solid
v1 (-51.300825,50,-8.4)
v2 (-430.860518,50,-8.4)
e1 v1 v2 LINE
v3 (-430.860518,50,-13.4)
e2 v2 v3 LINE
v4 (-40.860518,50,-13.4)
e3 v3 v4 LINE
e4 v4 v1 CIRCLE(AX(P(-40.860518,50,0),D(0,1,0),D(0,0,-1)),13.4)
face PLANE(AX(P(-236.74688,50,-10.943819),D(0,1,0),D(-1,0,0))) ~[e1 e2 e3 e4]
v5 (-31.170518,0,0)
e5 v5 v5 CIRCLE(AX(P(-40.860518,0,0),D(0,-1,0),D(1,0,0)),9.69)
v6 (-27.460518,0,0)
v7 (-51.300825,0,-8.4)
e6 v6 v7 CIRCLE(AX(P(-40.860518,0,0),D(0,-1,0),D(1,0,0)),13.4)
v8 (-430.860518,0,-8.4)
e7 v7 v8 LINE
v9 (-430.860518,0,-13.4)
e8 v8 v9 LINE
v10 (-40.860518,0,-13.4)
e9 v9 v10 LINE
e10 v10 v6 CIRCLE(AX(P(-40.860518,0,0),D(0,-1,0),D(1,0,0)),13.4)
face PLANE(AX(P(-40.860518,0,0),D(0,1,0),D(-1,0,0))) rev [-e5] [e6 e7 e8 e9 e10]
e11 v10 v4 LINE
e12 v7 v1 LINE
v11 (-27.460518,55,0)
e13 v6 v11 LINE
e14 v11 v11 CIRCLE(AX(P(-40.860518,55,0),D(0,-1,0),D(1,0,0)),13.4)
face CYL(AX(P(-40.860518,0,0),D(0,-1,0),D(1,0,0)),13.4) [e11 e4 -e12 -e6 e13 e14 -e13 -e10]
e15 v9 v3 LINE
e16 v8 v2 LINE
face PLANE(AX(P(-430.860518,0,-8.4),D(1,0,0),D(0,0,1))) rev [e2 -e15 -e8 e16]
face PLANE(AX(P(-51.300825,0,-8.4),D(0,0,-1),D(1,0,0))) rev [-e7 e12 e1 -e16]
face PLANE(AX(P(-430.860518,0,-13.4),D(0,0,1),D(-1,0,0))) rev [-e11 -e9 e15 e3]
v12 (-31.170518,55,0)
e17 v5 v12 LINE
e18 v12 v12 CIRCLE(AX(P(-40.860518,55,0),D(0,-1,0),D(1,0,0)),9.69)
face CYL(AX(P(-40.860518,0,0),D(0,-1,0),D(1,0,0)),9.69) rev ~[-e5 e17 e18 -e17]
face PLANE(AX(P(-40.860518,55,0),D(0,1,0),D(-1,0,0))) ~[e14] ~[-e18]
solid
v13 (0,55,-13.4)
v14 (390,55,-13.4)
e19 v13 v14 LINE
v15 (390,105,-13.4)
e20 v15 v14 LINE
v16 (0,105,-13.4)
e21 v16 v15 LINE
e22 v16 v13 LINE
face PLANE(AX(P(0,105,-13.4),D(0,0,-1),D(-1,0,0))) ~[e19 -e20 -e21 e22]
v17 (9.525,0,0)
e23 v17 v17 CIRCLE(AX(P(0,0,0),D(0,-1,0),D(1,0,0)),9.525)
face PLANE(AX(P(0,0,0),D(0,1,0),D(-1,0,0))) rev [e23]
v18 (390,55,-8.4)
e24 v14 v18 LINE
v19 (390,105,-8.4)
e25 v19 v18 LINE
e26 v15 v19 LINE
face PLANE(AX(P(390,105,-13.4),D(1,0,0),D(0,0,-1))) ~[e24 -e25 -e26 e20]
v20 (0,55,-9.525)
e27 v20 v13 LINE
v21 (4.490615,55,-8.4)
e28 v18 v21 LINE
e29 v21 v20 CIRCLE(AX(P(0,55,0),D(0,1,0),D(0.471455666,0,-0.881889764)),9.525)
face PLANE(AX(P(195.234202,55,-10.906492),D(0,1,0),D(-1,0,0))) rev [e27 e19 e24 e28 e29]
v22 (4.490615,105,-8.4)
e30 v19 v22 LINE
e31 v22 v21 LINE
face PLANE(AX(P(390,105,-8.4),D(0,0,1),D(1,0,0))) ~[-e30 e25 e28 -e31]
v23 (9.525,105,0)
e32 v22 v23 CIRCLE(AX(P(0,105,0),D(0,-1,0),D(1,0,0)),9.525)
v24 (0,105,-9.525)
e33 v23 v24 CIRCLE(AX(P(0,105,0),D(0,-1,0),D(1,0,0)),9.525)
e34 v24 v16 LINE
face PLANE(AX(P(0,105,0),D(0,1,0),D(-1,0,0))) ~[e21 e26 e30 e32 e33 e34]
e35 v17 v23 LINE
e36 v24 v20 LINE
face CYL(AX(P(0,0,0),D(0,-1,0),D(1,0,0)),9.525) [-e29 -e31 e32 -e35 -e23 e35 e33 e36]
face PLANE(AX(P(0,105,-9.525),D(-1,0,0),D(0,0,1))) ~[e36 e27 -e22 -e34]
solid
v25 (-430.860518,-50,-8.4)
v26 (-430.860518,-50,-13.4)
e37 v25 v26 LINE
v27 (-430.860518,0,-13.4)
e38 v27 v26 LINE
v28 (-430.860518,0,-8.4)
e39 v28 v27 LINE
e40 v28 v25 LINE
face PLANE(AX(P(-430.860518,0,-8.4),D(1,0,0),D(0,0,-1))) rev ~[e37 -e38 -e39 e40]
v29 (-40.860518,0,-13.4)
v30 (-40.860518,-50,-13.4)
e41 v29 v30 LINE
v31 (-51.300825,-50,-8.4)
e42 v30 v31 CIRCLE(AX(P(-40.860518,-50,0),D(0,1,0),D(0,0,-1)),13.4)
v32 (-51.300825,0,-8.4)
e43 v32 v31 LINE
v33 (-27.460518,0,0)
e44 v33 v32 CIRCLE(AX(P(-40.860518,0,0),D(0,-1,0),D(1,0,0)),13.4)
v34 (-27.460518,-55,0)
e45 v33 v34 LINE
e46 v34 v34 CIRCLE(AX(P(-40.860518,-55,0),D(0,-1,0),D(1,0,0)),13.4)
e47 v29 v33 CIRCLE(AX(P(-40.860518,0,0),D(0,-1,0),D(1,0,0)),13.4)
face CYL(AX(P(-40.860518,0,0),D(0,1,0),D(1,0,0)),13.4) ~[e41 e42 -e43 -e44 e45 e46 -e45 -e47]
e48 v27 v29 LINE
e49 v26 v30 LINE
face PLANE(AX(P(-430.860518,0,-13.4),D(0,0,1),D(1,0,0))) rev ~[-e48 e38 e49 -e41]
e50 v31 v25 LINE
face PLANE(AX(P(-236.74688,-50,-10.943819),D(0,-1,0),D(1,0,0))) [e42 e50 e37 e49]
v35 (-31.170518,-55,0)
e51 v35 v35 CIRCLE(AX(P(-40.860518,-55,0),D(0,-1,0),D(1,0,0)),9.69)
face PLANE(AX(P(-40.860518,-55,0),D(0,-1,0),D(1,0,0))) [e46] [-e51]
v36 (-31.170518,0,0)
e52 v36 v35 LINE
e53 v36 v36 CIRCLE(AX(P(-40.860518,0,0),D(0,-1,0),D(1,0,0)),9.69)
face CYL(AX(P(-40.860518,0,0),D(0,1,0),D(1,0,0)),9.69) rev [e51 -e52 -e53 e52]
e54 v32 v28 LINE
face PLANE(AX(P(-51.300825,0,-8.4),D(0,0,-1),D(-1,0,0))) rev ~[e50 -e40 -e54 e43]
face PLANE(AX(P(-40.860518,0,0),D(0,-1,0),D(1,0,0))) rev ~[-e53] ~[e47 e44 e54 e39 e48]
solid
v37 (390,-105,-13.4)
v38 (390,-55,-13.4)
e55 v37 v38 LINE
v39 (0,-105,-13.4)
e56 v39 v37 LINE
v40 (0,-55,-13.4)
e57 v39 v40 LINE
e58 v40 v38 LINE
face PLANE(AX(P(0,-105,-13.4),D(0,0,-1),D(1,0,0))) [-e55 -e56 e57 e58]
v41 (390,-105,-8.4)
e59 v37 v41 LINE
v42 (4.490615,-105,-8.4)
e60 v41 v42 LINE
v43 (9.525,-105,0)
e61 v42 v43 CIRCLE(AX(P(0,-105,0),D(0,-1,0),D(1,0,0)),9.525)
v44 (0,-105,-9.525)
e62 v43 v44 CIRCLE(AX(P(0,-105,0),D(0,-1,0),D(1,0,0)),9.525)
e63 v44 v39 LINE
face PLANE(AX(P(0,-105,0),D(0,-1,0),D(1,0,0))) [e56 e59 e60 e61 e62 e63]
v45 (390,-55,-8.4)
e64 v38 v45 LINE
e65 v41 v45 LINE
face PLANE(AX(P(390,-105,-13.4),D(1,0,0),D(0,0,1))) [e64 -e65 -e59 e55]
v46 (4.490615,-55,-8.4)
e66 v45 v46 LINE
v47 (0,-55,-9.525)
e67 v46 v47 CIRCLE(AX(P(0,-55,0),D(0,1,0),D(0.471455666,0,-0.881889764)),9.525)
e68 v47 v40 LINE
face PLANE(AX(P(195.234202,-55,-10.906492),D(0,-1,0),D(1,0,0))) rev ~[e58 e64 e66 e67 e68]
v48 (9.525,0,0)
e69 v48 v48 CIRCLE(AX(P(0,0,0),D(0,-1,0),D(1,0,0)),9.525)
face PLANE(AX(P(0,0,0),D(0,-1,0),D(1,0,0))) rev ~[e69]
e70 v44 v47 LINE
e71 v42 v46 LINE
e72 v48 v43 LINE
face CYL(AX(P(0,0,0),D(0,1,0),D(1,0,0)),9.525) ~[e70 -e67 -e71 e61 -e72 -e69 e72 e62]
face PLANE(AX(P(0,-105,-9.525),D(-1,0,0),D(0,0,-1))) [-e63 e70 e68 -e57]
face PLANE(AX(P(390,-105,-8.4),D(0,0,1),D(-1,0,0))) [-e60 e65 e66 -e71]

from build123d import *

# Parameters (mm, degrees)
F0_R     = 9.525
F1_DEPTH = 105
F2_R     = 13.4
F2_R_2   = 9.69
F3_DEPTH = 55
F5_DEPTH = 50
F8_DEPTH = 50


with BuildPart() as f1:
    # F0 (on Front) → F1 (new body)
    with BuildSketch(Plane.XZ):
        Circle(F0_R)
    extrude(amount=F1_DEPTH)

    # F6 (on face) → F8 (join)
    with BuildSketch(Plane.XZ.offset(105)):
        with BuildLine():
            ThreePointArc((4.490615214, -8.4), (2.3146949043, -9.2394703582), (0, -9.525))
            Line((0, -9.525), (0, -13.4))
            Line((0, -13.4), (390, -13.4))
            Line((390, -13.4), (390, -8.4))
            Line((390, -8.4), (4.490615214, -8.4))
        make_face()
    extrude(amount=-F8_DEPTH)


with BuildPart() as f3:
    # F2 (on Front) → F3 (new body)
    with BuildSketch(Plane.XZ):
        with Locations((-40.8605183367, 0)):
            Circle(F2_R)
        with Locations((-40.8605183367, 0)):
            Circle(F2_R_2, mode=Mode.SUBTRACT)
    extrude(amount=F3_DEPTH)

    # F4 (on Front) → F5 (join)
    with BuildSketch(Plane.XZ):
        with BuildLine():
            ThreePointArc((-40.8605183367, -13.4), (-46.6484367881, -12.0855285362), (-51.3008248456, -8.4))
            Line((-51.3008248456, -8.4), (-430.8605183367, -8.4))
            Line((-430.8605183367, -8.4), (-430.8605183367, -13.4))
            Line((-430.8605183367, -13.4), (-40.8605183367, -13.4))
        make_face()
    extrude(amount=F5_DEPTH)


with BuildPart() as f7_1:
    # F7: instance of F3
    add(f3.part.mirror(Plane.XZ))


with BuildPart() as f9_1:
    # F9: instance of F1
    add(f1.part.mirror(Plane.XZ))


solid = Compound([f1.part, f3.part, f7_1.part, f9_1.part])
